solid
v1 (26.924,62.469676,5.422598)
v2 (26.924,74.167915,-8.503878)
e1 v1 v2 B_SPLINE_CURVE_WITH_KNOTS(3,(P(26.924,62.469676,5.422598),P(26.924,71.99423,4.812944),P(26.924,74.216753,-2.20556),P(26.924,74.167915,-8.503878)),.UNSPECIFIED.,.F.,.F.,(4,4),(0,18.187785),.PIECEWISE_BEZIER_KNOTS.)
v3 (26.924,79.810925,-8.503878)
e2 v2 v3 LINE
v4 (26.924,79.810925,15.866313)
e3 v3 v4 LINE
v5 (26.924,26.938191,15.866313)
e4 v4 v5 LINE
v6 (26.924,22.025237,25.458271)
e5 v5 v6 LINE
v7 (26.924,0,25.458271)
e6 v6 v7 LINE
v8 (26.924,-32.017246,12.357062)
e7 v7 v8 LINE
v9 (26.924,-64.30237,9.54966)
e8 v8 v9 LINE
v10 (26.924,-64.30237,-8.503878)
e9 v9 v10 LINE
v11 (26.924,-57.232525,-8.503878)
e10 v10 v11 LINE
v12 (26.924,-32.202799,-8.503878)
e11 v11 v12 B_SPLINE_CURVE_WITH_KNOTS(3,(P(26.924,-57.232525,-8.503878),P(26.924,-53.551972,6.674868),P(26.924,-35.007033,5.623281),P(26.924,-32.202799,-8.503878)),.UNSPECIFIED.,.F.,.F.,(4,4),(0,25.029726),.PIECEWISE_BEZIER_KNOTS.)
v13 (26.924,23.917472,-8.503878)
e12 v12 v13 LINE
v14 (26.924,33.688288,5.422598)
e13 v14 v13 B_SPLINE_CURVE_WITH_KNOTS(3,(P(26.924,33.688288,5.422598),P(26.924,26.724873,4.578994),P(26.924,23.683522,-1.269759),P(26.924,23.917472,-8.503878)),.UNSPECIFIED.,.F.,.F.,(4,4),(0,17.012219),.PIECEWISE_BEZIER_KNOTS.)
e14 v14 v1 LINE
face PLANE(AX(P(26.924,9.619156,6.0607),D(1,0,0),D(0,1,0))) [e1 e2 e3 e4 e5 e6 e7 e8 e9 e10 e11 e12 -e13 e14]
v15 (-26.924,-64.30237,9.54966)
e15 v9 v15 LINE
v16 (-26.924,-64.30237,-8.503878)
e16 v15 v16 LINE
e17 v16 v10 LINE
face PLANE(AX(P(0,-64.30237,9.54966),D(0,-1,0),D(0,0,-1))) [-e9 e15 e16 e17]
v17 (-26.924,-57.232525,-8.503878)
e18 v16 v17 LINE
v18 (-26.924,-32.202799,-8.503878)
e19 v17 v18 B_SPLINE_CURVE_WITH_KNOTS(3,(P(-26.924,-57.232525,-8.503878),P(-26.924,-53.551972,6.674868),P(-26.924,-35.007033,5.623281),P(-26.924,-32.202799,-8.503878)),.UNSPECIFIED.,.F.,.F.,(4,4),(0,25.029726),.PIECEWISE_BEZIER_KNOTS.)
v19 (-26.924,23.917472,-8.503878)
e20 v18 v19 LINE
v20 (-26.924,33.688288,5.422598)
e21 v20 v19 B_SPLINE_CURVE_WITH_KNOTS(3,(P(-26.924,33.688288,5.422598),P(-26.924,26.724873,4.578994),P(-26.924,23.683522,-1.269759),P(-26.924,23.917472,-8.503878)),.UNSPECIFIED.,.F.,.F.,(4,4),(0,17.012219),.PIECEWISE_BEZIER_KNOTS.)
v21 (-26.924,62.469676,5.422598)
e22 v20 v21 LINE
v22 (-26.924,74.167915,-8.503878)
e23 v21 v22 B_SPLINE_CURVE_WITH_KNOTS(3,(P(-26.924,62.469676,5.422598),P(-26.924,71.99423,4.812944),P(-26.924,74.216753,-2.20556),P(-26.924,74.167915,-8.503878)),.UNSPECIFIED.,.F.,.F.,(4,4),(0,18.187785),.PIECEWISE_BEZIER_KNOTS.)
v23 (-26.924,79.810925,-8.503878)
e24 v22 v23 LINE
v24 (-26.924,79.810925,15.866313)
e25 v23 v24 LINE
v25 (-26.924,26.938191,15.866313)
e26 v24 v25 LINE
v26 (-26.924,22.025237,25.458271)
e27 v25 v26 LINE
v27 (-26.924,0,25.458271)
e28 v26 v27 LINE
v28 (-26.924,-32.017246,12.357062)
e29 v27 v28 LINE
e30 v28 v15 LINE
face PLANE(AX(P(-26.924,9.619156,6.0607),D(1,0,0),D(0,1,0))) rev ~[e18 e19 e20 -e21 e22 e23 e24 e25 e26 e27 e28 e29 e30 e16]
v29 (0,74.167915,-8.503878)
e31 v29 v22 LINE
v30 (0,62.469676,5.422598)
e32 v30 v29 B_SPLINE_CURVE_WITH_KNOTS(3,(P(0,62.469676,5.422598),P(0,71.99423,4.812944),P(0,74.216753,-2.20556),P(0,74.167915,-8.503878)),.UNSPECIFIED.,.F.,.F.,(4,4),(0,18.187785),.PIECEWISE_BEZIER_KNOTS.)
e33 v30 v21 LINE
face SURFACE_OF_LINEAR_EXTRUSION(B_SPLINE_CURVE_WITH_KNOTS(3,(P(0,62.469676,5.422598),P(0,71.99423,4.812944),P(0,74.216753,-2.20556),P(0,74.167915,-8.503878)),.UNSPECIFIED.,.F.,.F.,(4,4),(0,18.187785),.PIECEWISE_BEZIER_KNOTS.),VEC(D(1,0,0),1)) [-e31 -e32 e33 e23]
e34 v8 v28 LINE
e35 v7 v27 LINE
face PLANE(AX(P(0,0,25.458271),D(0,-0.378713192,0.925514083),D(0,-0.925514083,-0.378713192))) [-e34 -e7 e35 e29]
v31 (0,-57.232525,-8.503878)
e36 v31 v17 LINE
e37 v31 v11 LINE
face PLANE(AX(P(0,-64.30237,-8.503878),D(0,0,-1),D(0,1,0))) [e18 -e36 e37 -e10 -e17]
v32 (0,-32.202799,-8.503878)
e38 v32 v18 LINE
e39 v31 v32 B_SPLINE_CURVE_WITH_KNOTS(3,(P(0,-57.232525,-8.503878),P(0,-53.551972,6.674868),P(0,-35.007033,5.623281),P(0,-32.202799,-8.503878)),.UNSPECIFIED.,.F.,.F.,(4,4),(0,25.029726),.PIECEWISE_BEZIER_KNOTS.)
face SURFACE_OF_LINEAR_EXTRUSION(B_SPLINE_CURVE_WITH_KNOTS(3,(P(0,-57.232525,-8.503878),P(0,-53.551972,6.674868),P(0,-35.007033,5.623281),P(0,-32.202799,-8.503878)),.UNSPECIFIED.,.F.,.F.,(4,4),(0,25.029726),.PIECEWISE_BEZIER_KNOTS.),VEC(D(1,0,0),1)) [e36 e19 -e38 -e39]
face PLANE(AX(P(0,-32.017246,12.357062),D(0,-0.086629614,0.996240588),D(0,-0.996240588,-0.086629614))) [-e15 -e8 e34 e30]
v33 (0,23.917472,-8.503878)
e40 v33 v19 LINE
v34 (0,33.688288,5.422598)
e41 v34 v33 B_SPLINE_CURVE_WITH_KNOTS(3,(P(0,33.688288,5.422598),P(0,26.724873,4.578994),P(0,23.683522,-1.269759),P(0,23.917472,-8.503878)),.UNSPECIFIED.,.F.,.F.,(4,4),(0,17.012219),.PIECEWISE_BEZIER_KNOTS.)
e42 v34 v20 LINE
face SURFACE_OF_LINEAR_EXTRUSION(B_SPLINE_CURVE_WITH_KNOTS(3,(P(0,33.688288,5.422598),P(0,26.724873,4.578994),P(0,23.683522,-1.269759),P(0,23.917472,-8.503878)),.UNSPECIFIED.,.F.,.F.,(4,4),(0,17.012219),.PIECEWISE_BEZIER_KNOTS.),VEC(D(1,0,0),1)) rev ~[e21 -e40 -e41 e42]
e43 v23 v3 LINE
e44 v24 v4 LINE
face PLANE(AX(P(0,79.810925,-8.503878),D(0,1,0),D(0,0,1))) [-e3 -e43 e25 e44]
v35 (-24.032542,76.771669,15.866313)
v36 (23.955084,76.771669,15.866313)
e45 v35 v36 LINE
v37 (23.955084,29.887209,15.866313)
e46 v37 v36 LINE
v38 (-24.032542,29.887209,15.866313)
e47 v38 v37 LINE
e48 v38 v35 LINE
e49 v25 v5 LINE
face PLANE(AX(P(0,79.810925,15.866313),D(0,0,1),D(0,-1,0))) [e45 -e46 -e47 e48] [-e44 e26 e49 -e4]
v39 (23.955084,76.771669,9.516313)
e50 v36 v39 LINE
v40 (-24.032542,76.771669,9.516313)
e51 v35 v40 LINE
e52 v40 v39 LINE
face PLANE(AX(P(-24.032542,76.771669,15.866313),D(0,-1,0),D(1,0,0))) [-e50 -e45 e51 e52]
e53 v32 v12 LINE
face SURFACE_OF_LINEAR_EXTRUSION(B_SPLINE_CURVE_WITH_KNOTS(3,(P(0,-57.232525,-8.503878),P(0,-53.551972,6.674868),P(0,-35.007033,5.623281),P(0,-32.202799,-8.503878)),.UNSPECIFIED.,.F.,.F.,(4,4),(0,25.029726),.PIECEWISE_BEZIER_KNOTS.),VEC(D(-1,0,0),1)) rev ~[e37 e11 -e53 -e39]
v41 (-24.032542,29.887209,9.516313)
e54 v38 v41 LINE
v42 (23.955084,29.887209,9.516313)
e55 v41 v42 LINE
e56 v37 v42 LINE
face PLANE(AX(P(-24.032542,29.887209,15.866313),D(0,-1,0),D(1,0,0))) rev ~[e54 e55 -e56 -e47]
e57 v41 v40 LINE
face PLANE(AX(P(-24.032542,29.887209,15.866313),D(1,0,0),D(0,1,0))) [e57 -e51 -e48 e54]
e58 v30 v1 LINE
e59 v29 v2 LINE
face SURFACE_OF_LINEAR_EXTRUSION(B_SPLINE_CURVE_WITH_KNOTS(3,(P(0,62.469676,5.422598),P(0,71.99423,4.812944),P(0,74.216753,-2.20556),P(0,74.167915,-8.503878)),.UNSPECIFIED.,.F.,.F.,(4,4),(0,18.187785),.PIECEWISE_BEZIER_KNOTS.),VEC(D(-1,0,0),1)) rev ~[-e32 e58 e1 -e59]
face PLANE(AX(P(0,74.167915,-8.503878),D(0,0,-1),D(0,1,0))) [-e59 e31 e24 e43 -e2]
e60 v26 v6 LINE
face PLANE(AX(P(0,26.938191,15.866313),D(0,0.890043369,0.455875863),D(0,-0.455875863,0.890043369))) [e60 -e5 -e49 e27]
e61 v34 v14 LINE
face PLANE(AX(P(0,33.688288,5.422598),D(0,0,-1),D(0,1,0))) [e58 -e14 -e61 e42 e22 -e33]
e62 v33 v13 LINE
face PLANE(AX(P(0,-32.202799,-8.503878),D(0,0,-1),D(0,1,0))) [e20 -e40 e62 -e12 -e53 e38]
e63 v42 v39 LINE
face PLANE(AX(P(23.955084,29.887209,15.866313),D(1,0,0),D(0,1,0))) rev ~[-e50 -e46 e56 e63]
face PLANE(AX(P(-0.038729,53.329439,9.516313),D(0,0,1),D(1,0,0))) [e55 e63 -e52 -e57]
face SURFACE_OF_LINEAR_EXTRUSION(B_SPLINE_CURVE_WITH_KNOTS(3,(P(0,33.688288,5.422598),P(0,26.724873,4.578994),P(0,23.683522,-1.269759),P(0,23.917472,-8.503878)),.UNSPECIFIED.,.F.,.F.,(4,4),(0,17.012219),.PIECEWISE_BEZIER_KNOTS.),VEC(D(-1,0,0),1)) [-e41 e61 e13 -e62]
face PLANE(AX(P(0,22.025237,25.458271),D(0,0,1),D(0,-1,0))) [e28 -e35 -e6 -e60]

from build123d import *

# Parameters (mm, degrees)
F1_DEPTH = 26.924
F2_W     = 47.987626
F2_H     = 46.88446
F3_DEPTH = 6.35


with BuildPart() as f1:
    # F0 (on Right) → F1 (new body, symmetric)
    with BuildSketch(Plane.YZ):
        with BuildLine():
            Line((-64.30237, 9.54966), (-64.30237, -8.503878))
            Line((-64.30237, -8.503878), (-57.232525, -8.503878))
            add(Edge.make_bspline(
                [(-57.232525, -8.503878), (-53.551972, 6.674868), (-35.007033, 5.623281), (-32.202799, -8.503878)],
                knots=[0, 0, 0, 0, 25.029726, 25.029726, 25.029726, 25.029726], degree=3))
            Line((-32.202799, -8.503878), (23.917472, -8.503878))
            add(Edge.make_bspline(
                [(33.688288, 5.422598), (26.724873, 4.578994), (23.683522, -1.269759), (23.917472, -8.503878)],
                knots=[0, 0, 0, 0, 17.012219, 17.012219, 17.012219, 17.012219], degree=3))
            Line((33.688288, 5.422598), (62.469676, 5.422598))
            add(Edge.make_bspline(
                [(62.469676, 5.422598), (71.99423, 4.812944), (74.216753, -2.20556), (74.167915, -8.503878)],
                knots=[0, 0, 0, 0, 18.187785, 18.187785, 18.187785, 18.187785], degree=3))
            Line((74.167915, -8.503878), (79.810925, -8.503878))
            Line((79.810925, -8.503878), (79.810925, 15.866313))
            Line((79.810925, 15.866313), (26.938191, 15.866313))
            Line((26.938191, 15.866313), (22.025237, 25.458271))
            Line((22.025237, 25.458271), (0, 25.458271))
            Line((0, 25.458271), (-32.017246, 12.357062))
            Line((-32.017246, 12.357062), (-64.30237, 9.54966))
        make_face()
    extrude(amount=F1_DEPTH, both=True)

    # F2 (on face) → F3 (cut)
    with BuildSketch(Plane.XY.offset(15.866313)):
        with Locations((-0.038729, 53.329439)):
            Rectangle(F2_W, F2_H)
    extrude(amount=-F3_DEPTH, mode=Mode.SUBTRACT)


solid = f1.part
